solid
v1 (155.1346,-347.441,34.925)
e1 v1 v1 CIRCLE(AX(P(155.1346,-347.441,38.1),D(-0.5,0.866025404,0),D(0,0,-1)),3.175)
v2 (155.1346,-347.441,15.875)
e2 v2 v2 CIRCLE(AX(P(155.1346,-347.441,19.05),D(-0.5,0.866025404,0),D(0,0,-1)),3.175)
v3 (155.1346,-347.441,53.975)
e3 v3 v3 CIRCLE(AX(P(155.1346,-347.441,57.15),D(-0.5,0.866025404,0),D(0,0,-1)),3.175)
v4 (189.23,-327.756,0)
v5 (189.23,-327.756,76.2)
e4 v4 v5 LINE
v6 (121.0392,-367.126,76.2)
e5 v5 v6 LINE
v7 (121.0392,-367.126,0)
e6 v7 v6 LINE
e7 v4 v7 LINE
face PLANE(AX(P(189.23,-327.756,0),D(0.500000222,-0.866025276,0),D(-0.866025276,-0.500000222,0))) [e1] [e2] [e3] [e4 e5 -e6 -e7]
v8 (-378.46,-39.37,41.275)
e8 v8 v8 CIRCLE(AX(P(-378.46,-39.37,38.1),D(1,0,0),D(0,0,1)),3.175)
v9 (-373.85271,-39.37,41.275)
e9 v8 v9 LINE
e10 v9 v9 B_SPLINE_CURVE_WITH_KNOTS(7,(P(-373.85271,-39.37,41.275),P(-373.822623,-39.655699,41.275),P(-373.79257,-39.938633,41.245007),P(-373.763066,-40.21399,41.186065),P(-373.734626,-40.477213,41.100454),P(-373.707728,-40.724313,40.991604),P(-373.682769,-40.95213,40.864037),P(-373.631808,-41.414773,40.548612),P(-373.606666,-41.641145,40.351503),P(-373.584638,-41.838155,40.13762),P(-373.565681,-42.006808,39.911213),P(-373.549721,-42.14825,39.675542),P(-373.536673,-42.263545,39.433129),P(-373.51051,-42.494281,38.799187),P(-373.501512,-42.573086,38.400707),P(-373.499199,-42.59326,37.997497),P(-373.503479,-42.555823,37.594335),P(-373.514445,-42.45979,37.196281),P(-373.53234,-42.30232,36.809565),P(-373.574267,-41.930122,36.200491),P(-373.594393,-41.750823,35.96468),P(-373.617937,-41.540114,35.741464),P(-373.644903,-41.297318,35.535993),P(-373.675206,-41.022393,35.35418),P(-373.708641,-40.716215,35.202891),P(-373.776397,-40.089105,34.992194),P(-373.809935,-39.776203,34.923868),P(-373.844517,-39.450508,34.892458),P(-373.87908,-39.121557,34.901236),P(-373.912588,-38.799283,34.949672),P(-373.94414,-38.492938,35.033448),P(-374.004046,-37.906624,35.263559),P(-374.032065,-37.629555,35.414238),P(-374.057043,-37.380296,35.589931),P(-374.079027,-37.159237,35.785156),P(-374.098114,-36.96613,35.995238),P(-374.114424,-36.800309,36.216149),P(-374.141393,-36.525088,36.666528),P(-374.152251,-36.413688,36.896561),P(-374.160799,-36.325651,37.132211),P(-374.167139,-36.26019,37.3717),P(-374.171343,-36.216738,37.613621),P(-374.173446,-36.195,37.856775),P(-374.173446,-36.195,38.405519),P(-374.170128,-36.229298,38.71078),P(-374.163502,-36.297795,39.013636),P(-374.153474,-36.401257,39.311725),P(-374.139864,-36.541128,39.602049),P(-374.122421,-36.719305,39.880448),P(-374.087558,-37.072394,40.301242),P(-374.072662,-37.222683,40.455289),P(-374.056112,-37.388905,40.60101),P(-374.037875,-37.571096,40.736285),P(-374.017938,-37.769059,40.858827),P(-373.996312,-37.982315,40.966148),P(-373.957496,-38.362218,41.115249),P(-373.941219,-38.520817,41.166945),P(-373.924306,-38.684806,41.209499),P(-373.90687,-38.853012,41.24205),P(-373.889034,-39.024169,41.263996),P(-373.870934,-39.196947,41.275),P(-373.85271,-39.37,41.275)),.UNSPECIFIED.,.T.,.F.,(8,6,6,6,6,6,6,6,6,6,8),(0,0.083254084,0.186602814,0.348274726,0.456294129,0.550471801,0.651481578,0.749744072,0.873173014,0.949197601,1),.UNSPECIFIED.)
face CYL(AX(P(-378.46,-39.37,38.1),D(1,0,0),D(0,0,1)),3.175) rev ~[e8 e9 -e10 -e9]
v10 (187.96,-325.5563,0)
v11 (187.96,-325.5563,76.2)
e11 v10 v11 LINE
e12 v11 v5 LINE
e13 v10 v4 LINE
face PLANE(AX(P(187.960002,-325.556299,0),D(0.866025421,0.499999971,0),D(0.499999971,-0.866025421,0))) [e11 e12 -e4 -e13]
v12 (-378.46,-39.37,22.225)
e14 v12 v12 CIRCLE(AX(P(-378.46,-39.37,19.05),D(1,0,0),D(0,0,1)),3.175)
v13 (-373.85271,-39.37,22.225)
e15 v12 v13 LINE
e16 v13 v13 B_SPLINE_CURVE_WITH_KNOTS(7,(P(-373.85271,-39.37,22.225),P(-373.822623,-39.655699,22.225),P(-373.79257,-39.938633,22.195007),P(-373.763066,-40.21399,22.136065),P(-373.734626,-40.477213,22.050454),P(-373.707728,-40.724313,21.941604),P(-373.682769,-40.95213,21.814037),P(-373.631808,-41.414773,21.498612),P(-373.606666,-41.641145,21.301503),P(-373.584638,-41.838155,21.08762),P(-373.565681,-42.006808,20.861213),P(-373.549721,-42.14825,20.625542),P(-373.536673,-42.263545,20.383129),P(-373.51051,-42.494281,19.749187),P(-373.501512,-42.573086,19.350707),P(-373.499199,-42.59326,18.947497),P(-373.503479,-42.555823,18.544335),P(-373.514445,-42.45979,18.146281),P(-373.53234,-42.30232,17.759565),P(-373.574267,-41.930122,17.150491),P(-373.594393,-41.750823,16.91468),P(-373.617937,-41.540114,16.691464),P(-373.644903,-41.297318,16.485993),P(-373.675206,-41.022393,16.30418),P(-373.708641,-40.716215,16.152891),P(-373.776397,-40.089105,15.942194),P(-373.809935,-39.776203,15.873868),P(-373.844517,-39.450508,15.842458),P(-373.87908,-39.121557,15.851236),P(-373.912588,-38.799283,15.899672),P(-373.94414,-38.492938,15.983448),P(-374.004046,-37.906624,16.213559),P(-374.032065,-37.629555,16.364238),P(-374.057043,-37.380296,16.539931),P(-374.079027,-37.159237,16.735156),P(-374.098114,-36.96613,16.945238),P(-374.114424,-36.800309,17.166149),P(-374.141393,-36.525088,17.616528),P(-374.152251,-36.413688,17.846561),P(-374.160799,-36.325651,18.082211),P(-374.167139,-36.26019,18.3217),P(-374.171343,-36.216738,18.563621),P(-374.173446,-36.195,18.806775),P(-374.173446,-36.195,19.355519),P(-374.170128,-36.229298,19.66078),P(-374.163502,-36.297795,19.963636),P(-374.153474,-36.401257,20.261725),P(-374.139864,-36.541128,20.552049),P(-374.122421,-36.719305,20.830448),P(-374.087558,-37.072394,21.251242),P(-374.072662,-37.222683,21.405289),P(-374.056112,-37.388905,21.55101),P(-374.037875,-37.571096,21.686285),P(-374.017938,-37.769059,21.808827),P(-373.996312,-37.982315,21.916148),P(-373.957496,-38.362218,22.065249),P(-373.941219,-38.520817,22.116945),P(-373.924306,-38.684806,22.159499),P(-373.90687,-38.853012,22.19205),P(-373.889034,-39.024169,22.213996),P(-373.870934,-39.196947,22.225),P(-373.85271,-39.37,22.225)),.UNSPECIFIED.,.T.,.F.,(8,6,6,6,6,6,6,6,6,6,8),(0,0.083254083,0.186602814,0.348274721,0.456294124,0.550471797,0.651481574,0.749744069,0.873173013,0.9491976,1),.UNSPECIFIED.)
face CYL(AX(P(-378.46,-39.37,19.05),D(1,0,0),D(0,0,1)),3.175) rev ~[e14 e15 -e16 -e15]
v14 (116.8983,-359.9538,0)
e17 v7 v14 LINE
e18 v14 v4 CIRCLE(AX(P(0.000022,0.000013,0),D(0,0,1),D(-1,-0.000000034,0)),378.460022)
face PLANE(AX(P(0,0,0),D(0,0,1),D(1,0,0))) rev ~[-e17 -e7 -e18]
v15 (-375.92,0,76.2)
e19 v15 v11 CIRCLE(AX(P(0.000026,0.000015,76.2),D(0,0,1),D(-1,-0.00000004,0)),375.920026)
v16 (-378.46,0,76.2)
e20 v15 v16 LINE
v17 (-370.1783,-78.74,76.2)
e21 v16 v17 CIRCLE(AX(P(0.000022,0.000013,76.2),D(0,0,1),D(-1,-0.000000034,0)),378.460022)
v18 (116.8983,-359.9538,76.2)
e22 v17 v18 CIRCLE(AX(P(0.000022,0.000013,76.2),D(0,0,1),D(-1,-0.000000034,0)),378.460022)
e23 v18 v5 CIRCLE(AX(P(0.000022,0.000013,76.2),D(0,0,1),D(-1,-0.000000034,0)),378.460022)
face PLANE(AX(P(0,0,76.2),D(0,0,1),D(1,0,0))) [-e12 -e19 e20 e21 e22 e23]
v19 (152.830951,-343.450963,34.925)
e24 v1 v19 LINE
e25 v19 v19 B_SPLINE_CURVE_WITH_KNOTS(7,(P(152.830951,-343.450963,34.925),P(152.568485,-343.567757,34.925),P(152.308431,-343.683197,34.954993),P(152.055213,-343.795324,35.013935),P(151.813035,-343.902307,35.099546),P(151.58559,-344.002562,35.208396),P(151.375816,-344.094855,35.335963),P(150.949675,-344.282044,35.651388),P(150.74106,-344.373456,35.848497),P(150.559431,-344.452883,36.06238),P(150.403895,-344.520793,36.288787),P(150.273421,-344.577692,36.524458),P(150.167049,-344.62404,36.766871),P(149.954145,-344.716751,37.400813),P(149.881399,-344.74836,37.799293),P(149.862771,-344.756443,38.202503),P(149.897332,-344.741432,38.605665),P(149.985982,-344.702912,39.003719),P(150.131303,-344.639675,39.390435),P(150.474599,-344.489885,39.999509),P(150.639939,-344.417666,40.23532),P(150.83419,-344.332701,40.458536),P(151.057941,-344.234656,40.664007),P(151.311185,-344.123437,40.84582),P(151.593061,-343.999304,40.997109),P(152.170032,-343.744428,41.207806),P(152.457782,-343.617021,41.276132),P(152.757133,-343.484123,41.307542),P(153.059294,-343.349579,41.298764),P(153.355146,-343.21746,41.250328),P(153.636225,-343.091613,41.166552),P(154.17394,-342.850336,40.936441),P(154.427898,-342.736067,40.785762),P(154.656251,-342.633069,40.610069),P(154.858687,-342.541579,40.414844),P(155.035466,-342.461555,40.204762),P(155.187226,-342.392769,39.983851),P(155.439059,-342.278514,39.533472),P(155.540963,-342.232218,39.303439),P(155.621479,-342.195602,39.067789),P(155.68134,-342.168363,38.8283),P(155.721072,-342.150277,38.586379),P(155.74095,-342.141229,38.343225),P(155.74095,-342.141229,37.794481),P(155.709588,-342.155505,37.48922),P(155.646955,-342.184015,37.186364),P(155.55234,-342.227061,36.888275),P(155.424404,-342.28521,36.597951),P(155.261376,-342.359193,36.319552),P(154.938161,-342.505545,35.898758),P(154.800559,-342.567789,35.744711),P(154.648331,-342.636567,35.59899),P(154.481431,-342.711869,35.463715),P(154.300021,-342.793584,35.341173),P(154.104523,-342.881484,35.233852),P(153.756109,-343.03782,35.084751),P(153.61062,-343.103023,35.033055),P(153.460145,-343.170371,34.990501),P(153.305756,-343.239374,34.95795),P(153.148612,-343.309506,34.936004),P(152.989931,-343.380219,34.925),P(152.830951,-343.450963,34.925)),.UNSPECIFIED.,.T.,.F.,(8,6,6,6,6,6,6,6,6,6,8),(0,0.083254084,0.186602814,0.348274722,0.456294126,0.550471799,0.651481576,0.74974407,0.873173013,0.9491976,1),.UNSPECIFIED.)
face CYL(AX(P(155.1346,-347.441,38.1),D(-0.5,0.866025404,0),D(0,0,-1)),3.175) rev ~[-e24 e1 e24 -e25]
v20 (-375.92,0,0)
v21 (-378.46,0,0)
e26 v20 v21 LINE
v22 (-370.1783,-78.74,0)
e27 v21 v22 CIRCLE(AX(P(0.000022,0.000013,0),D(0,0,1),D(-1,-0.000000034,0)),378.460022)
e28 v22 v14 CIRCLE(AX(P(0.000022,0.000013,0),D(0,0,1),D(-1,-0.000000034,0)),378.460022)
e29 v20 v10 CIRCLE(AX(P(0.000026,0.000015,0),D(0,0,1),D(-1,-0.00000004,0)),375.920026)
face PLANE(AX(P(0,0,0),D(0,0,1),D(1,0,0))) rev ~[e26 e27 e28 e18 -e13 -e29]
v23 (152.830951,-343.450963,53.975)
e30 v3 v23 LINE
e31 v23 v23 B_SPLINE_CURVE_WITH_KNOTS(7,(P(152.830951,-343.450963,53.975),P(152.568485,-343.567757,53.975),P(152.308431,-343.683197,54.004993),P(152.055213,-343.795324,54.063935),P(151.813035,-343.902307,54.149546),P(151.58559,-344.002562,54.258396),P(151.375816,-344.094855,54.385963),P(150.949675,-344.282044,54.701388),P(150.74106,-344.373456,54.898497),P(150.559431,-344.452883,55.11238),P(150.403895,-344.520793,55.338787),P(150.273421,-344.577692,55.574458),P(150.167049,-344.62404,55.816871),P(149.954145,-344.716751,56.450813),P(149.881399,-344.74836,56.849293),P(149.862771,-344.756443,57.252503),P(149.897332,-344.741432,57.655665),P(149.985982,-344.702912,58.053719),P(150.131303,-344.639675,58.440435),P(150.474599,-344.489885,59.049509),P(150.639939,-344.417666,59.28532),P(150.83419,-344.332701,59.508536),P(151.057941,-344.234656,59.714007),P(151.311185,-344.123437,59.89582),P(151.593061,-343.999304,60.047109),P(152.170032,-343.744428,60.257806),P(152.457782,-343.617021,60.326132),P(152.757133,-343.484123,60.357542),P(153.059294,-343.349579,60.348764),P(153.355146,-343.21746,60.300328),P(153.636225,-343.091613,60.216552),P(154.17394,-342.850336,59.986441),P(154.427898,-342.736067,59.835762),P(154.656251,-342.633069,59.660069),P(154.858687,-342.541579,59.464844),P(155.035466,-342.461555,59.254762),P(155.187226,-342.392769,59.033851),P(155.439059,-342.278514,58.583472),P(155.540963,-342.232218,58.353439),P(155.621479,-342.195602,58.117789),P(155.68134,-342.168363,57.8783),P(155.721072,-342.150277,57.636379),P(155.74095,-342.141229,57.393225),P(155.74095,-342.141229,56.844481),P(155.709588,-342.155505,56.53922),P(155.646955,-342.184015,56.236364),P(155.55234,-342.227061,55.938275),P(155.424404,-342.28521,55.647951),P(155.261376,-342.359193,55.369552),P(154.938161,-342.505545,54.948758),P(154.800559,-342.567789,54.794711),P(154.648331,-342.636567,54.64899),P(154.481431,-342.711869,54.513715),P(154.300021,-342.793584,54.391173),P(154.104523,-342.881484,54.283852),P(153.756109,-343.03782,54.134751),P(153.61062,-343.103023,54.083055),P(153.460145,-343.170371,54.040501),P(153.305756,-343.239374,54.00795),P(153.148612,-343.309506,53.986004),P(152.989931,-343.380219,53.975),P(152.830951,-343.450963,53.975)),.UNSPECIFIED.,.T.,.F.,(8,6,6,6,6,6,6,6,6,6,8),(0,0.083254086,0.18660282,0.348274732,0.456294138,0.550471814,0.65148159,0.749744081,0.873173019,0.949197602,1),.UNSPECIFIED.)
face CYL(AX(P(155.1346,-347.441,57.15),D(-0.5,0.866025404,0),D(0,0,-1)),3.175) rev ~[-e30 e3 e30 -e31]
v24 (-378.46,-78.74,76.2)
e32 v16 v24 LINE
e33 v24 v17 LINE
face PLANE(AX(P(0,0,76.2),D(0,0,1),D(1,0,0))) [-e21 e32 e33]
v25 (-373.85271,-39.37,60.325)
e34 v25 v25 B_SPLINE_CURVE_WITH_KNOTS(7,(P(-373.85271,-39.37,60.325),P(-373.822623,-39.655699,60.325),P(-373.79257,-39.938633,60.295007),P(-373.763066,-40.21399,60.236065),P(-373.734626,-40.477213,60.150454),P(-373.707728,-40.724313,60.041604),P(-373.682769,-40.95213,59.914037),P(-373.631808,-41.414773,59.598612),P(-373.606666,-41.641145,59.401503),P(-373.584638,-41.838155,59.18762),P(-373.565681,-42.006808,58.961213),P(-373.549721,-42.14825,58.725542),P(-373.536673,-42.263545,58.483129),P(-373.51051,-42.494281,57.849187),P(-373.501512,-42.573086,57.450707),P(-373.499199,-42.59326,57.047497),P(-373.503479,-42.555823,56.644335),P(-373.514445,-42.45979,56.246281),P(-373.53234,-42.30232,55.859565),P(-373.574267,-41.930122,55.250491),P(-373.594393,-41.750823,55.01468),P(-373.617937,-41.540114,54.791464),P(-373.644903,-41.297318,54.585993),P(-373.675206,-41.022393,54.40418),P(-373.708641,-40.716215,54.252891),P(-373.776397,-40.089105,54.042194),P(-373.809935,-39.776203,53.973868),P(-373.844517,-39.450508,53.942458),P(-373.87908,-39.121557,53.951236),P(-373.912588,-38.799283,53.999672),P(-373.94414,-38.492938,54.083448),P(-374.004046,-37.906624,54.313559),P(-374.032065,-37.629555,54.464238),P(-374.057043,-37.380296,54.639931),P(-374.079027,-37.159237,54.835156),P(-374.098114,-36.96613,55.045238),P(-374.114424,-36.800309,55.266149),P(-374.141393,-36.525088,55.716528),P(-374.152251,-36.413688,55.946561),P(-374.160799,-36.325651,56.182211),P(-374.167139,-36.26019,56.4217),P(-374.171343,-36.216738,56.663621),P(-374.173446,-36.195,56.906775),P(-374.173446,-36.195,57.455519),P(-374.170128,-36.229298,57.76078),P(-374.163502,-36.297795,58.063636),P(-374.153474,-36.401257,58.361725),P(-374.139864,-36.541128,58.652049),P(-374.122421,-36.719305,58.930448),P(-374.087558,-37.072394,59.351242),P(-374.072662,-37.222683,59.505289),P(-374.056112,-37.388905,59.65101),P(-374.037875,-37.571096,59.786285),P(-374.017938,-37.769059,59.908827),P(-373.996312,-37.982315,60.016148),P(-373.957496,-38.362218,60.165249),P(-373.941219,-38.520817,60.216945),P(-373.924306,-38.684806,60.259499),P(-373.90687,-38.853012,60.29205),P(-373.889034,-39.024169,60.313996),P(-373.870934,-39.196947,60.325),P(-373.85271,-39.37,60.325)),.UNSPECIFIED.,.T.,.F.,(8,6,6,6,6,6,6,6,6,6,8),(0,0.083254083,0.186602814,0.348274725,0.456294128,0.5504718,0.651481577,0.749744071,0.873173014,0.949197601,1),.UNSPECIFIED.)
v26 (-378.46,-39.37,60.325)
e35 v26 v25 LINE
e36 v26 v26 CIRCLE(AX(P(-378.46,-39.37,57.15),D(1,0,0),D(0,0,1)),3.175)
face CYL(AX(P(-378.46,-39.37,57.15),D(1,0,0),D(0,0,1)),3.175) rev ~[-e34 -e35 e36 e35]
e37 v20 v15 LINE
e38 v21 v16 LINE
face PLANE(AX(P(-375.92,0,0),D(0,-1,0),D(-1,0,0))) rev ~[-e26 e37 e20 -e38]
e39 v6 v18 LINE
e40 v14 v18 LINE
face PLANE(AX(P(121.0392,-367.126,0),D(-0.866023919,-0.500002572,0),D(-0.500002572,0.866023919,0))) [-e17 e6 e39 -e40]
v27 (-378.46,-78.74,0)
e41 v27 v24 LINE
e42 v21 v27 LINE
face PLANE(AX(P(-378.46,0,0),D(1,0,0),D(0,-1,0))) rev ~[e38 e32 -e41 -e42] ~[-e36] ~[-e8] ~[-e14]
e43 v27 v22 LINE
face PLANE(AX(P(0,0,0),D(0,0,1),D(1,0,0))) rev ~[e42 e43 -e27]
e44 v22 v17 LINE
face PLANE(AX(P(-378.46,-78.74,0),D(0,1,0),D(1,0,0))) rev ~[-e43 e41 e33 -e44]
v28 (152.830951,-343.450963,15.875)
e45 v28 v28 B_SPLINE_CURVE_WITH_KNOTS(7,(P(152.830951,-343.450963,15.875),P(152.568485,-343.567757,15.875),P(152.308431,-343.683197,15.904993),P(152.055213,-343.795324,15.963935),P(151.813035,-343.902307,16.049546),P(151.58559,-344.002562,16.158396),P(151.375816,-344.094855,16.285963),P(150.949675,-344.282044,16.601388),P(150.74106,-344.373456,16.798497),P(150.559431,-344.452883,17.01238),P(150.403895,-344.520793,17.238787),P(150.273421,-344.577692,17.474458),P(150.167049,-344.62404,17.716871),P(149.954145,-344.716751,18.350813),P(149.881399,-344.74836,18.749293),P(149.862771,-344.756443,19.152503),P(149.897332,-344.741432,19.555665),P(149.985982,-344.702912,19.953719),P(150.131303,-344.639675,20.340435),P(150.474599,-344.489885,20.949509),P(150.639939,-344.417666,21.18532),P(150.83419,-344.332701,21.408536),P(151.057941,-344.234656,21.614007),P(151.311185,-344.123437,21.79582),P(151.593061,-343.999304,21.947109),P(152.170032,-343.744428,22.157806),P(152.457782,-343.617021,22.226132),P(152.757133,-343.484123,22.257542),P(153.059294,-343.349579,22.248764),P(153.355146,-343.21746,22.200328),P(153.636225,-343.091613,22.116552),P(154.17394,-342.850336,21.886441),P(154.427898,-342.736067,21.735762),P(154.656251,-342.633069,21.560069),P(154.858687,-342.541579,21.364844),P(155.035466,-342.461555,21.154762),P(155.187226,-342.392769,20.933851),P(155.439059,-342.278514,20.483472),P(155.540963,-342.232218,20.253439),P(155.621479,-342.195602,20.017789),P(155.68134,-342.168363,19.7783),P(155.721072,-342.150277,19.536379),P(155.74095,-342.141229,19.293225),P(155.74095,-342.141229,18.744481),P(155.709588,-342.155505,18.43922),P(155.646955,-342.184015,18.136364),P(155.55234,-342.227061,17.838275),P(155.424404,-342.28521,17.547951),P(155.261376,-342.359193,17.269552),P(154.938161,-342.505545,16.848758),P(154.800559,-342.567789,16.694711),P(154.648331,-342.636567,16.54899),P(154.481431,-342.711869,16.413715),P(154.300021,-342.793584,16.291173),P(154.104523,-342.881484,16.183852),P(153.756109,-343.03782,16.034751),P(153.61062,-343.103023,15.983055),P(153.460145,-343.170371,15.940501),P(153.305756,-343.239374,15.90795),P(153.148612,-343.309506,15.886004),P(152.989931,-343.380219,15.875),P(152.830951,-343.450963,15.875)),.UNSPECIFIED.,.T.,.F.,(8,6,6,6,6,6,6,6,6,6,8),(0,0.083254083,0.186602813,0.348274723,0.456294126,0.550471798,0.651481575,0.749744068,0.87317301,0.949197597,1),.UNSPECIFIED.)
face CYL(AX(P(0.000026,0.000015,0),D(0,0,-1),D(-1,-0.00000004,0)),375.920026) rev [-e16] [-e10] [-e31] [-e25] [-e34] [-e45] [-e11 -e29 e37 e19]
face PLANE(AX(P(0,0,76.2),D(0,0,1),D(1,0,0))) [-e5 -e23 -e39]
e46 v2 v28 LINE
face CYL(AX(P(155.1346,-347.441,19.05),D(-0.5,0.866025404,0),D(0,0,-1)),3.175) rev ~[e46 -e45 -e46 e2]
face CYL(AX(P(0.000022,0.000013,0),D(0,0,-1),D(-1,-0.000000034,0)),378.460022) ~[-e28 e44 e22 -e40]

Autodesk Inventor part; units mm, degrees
ref_plane "YZ Plane" through (0, 0, 0) normal (1, 0, 0) x (0, 1, 0)
ref_plane "XZ Plane" through (0, 0, 0) normal (0, 1, 0) x (-1, 0, 0)
ref_plane "XY Plane" through (0, 0, 0) normal (0, 0, 1) x (1, 0, 0)
sketch "Sketch1" plane through (0, 0, 0) normal (0, 0, 1) x (1, 0, 0)
  arc A0 (-375.92, 0) -> (187.96, -325.5563) centre (0, 0) ccw
  arc A1 (-378.46, 0) -> (189.23, -327.756) centre (0, 0) ccw
  line L0 (0, 0) -> (189.23, -327.756)
  line L1 (0, 0) -> (-378.46, 0)
  line L2 (-378.46, 0) -> (-378.46, -78.74)
  line L3 (-378.46, -78.74) -> (-370.1783, -78.74)
  line L4 (189.23, -327.756) -> (121.0392, -367.126)
  line L5 (121.0392, -367.126) -> (116.8983, -359.9538)
  dimension "d0" = 751.84
  dimension "d1" = 756.92
  dimension "d2" = 120
  dimension "d3" = 78.74
  dimension "d4" = 78.74
extrude "Extrusion1" add sketch "Sketch1" along normal blind 76.2 contours A0 L0 A1 L1 | A1 L3 L2 | L4 L5 A1
sketch "Sketch2" plane through (121.0392, -367.126, 0) normal (0.5, -0.866, 0) x (0.866, 0.5, 0)
  line L0 (0, 0) -> (78.74, 0) projected
  line L1 (78.74, 0) -> (78.74, 76.2) projected
  point P0 (39.37, 19.05)
  point P1 (39.37, 38.1)
  point P2 (39.37, 57.15)
  dimension "d7" = 19.05
  dimension "d8" = 38.1
  dimension "d9" = 57.15
  dimension "d10" = 39.37
  dimension "d11" = 39.37
  dimension "d12" = 39.37
sketch "Sketch3" plane through (-378.46, -78.74, 0) normal (-1, 0, 0) x (0, 0, 1)
  line L0 (0, 78.74) -> (76.2, 78.74) projected
  line L1 (0, 78.74) -> (0, 0) projected
  point P0 (19.05, 39.37)
  point P1 (38.1, 39.37)
  point P2 (57.15, 39.37)
  dimension "d13" = 19.05
  dimension "d14" = 38.1
  dimension "d15" = 57.15
  dimension "d16" = 39.37
  dimension "d17" = 39.37
  dimension "d18" = 39.37
hole "Hole1" at (-378.46, -39.37, 57.15) at (-378.46, -39.37, 38.1) at (-378.46, -39.37, 19.05) direction (1, 0, 0) diameter 6.35 depth 25.4 tip angle 118
hole "Hole2" at (155.1346, -347.441, 19.05) at (155.1346, -347.441, 38.1) at (155.1346, -347.441, 57.15) direction (-0.5, 0.866, 0) diameter 6.35 depth 25.4 tip angle 118
properties part number "120 degree curved track"
